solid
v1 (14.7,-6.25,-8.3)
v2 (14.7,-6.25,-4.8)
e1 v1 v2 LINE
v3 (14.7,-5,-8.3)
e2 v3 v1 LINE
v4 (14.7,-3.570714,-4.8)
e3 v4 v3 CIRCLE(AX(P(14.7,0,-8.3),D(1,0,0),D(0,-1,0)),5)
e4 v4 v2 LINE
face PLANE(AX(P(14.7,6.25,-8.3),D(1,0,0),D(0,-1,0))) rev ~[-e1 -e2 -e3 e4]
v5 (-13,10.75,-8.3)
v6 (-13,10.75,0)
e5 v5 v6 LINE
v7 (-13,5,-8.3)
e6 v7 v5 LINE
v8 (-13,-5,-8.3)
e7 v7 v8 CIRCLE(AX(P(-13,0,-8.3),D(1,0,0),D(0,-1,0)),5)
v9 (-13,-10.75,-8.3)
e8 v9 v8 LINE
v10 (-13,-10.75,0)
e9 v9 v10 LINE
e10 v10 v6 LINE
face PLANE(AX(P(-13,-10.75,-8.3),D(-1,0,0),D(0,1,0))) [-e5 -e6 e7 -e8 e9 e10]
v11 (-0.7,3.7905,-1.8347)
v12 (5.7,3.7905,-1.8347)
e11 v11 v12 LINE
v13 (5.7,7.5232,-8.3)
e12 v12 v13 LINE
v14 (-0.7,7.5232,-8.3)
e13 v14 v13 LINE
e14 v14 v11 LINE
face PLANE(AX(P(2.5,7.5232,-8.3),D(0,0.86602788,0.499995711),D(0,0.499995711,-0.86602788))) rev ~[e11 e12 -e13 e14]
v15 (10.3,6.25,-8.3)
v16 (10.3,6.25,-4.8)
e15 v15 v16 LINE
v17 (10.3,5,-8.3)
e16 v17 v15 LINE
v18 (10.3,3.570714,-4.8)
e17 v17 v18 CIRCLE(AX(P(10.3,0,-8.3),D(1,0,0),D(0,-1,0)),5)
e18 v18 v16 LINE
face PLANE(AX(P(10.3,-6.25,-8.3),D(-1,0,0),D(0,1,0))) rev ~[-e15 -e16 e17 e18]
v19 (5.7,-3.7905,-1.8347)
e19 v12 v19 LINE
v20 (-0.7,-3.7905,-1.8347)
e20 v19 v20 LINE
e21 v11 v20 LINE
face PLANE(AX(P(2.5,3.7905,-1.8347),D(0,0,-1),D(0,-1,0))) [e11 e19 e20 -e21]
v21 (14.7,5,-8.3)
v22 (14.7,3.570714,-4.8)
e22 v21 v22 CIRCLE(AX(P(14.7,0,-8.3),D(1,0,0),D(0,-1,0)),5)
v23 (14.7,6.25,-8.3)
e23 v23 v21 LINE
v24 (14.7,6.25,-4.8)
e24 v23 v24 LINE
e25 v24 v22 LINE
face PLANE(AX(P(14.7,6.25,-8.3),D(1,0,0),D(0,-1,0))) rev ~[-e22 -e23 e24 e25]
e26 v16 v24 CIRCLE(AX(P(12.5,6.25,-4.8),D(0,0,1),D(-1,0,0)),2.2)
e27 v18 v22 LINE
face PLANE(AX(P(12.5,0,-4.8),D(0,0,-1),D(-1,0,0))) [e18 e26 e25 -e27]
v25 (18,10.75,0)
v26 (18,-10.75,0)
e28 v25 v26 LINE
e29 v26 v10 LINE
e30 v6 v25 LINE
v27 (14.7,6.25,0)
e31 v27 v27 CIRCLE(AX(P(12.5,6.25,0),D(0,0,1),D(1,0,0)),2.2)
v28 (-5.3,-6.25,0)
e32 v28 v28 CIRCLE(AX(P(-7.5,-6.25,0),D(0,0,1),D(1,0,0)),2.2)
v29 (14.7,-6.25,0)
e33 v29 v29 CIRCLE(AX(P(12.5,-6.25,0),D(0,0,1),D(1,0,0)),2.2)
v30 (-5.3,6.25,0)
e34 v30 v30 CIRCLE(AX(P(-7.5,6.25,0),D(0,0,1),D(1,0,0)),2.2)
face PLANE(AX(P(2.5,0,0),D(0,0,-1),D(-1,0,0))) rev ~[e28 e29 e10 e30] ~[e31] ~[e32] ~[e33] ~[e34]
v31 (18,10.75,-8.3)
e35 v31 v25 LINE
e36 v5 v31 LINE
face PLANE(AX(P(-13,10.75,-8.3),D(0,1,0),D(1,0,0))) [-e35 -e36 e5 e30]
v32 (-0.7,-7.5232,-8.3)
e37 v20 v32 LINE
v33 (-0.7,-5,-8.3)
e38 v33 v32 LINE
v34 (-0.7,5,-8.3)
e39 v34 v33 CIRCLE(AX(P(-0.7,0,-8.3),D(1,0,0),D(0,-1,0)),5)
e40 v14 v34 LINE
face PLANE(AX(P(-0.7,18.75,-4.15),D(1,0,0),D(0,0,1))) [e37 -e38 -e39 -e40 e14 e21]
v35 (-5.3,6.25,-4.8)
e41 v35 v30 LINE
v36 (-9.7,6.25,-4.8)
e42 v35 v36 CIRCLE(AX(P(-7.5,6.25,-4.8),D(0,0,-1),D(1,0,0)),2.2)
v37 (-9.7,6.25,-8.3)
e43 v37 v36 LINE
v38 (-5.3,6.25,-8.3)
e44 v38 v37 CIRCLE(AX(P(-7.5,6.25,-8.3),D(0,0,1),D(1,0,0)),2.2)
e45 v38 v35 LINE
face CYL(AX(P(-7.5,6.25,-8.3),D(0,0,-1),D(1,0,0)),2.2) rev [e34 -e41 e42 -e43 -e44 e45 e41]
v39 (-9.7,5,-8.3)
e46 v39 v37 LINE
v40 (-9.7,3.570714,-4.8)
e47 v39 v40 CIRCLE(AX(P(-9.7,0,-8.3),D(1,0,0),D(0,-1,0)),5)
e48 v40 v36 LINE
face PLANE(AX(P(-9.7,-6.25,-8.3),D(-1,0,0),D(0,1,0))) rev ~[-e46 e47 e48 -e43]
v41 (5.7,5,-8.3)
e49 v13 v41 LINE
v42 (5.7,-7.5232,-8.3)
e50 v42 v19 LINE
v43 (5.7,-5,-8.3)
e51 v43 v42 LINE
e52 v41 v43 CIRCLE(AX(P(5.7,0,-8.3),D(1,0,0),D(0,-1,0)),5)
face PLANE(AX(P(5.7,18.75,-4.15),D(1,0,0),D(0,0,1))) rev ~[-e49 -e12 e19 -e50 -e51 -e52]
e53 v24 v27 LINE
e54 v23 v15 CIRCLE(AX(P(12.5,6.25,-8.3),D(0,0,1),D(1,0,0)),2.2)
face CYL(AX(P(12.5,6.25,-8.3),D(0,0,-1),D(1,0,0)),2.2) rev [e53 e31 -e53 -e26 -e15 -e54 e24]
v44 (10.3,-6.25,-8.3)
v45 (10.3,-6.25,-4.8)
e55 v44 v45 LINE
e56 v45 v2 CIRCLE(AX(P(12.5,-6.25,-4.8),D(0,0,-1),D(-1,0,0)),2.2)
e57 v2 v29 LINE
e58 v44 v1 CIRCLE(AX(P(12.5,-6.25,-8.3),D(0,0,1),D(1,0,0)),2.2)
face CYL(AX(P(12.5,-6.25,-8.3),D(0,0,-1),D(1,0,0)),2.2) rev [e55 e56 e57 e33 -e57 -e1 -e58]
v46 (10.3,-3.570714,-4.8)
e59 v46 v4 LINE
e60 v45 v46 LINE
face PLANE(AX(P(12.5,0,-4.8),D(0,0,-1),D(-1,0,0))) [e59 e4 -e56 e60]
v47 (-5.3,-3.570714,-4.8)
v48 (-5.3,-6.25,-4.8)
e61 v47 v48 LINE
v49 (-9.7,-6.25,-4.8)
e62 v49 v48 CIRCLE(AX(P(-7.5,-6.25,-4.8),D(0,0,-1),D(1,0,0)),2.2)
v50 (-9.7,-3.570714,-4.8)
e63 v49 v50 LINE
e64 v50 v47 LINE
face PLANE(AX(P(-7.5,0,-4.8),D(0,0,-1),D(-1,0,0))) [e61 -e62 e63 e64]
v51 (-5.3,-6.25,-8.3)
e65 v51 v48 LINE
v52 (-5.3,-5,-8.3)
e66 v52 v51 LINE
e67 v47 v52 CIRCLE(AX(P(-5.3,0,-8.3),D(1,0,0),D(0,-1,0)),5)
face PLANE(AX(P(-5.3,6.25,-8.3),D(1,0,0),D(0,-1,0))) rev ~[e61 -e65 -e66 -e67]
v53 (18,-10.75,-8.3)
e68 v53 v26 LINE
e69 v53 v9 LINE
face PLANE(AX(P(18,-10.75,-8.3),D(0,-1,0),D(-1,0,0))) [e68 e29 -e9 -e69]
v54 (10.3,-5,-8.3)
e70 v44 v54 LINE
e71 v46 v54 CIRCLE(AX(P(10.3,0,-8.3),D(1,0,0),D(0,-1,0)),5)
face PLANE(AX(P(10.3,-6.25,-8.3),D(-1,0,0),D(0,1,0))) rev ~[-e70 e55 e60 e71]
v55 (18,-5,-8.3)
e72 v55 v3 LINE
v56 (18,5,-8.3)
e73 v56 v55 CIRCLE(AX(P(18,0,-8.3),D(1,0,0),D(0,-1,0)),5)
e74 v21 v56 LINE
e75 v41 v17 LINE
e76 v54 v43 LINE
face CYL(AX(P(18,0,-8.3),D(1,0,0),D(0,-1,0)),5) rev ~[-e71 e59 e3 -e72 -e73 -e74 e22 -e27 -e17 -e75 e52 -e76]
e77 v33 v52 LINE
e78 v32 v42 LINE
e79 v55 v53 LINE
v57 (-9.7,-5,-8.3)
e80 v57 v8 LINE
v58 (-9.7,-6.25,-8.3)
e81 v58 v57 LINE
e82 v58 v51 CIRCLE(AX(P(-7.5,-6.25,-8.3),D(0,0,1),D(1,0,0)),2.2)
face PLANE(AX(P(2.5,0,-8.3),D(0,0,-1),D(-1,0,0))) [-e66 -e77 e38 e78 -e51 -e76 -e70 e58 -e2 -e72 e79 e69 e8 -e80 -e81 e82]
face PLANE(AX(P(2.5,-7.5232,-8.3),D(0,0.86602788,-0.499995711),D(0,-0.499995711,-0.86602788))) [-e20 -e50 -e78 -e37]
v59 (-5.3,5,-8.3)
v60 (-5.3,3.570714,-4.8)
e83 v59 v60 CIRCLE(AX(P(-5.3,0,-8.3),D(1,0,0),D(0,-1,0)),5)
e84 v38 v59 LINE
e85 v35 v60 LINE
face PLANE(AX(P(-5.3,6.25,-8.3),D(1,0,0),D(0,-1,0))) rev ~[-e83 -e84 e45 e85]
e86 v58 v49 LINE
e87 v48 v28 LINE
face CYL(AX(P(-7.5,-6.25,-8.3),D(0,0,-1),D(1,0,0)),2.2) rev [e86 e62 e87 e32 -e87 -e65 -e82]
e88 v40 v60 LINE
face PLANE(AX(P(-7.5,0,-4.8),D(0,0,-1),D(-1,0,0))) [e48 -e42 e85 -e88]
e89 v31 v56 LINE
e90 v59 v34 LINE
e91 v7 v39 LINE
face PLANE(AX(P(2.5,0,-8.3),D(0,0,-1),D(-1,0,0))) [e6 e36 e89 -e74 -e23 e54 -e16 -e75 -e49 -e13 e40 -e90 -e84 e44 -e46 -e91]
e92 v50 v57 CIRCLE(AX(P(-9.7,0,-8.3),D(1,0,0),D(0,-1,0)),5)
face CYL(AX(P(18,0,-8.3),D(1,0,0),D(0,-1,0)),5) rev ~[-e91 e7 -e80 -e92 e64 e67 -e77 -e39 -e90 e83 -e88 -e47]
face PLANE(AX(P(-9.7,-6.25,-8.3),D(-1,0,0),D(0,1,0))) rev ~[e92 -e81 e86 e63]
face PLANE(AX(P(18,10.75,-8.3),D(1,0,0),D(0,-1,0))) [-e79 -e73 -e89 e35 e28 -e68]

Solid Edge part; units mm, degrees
sketch "Sketch1" plane through (0, 0, -8.3) normal (0, 0, 1) x (1, 0, 0)
  circle A0 centre (-7.5, -6.25) radius 2.2
  circle A1 centre (12.5, -6.25) radius 2.2
  circle A2 centre (12.5, 6.25) radius 2.2
  line L0 (-13, 10.75) -> (18, 10.75)
  line L1 (18, 10.75) -> (18, -10.75)
  line L2 (18, -10.75) -> (-13, -10.75)
  line L3 (-13, -10.75) -> (-13, 10.75)
  circle A3 centre (-7.5, 6.25) radius 2.2
  dimension "D1" = 20
  dimension "D2" = 4.4
  dimension "D3" = 12.5
  dimension "D4" = 31
  dimension "D5" = 31
extrude "Protrusion1" add sketch "Sketch1" along normal up to vertex (8.3 mm away)
sketch "Sketch2" plane through (2.5, 18.75, -4.15) normal (1, 0, 0) x (0, 1, 0)
  line L0 (-11.2268, -4.15) -> (-14.9595, 2.3153)
  line L1 (-14.9595, 2.3153) -> (-22.5405, 2.3153)
  line L2 (-22.5405, 2.3153) -> (-26.2732, -4.15)
  dimension "D1" = 0.2
extrude "ExtrudedCutout_1" cut sketch "Sketch2" along normal mid plane 6.4 material side at (2.5, 5.6135, -5.0923)
sketch "Sketch3" plane through (18, 18.75, -4.15) normal (1, 0, 0) x (0, -1, 0)
  circle A0 centre (18.75, 4.15) radius 5
  dimension "D1" = 10
extrude "Cutout1" cut sketch "Sketch3" against normal through all
sketch "Sketch4" plane through (2.5, 7.875, -8.3) normal (0, 0, -1) x (-1, 0, 0)
  line L0 (-12.2, -1.625) -> (-12.2, -14.125)
  line L1 (-7.8, -14.125) -> (-7.8, -1.625)
  arc A0 (-7.8, -14.125) -> (-12.2, -14.125) centre (-10, -14.125) ccw
  arc A1 (-7.8, -1.625) -> (-12.2, -1.625) centre (-10, -1.625) cw
  line L2 (7.8, -1.625) -> (7.8, -14.125)
  arc A2 (12.2, -14.125) -> (7.8, -14.125) centre (10, -14.125) cw
  line L3 (12.2, -14.125) -> (12.2, -1.625)
  arc A3 (12.2, -1.625) -> (7.8, -1.625) centre (10, -1.625) ccw
extrude "ExtrudedCutout_4" cut sketch "Sketch4" against normal blind 3.5
properties material "ABS Plastic, medium impact"
